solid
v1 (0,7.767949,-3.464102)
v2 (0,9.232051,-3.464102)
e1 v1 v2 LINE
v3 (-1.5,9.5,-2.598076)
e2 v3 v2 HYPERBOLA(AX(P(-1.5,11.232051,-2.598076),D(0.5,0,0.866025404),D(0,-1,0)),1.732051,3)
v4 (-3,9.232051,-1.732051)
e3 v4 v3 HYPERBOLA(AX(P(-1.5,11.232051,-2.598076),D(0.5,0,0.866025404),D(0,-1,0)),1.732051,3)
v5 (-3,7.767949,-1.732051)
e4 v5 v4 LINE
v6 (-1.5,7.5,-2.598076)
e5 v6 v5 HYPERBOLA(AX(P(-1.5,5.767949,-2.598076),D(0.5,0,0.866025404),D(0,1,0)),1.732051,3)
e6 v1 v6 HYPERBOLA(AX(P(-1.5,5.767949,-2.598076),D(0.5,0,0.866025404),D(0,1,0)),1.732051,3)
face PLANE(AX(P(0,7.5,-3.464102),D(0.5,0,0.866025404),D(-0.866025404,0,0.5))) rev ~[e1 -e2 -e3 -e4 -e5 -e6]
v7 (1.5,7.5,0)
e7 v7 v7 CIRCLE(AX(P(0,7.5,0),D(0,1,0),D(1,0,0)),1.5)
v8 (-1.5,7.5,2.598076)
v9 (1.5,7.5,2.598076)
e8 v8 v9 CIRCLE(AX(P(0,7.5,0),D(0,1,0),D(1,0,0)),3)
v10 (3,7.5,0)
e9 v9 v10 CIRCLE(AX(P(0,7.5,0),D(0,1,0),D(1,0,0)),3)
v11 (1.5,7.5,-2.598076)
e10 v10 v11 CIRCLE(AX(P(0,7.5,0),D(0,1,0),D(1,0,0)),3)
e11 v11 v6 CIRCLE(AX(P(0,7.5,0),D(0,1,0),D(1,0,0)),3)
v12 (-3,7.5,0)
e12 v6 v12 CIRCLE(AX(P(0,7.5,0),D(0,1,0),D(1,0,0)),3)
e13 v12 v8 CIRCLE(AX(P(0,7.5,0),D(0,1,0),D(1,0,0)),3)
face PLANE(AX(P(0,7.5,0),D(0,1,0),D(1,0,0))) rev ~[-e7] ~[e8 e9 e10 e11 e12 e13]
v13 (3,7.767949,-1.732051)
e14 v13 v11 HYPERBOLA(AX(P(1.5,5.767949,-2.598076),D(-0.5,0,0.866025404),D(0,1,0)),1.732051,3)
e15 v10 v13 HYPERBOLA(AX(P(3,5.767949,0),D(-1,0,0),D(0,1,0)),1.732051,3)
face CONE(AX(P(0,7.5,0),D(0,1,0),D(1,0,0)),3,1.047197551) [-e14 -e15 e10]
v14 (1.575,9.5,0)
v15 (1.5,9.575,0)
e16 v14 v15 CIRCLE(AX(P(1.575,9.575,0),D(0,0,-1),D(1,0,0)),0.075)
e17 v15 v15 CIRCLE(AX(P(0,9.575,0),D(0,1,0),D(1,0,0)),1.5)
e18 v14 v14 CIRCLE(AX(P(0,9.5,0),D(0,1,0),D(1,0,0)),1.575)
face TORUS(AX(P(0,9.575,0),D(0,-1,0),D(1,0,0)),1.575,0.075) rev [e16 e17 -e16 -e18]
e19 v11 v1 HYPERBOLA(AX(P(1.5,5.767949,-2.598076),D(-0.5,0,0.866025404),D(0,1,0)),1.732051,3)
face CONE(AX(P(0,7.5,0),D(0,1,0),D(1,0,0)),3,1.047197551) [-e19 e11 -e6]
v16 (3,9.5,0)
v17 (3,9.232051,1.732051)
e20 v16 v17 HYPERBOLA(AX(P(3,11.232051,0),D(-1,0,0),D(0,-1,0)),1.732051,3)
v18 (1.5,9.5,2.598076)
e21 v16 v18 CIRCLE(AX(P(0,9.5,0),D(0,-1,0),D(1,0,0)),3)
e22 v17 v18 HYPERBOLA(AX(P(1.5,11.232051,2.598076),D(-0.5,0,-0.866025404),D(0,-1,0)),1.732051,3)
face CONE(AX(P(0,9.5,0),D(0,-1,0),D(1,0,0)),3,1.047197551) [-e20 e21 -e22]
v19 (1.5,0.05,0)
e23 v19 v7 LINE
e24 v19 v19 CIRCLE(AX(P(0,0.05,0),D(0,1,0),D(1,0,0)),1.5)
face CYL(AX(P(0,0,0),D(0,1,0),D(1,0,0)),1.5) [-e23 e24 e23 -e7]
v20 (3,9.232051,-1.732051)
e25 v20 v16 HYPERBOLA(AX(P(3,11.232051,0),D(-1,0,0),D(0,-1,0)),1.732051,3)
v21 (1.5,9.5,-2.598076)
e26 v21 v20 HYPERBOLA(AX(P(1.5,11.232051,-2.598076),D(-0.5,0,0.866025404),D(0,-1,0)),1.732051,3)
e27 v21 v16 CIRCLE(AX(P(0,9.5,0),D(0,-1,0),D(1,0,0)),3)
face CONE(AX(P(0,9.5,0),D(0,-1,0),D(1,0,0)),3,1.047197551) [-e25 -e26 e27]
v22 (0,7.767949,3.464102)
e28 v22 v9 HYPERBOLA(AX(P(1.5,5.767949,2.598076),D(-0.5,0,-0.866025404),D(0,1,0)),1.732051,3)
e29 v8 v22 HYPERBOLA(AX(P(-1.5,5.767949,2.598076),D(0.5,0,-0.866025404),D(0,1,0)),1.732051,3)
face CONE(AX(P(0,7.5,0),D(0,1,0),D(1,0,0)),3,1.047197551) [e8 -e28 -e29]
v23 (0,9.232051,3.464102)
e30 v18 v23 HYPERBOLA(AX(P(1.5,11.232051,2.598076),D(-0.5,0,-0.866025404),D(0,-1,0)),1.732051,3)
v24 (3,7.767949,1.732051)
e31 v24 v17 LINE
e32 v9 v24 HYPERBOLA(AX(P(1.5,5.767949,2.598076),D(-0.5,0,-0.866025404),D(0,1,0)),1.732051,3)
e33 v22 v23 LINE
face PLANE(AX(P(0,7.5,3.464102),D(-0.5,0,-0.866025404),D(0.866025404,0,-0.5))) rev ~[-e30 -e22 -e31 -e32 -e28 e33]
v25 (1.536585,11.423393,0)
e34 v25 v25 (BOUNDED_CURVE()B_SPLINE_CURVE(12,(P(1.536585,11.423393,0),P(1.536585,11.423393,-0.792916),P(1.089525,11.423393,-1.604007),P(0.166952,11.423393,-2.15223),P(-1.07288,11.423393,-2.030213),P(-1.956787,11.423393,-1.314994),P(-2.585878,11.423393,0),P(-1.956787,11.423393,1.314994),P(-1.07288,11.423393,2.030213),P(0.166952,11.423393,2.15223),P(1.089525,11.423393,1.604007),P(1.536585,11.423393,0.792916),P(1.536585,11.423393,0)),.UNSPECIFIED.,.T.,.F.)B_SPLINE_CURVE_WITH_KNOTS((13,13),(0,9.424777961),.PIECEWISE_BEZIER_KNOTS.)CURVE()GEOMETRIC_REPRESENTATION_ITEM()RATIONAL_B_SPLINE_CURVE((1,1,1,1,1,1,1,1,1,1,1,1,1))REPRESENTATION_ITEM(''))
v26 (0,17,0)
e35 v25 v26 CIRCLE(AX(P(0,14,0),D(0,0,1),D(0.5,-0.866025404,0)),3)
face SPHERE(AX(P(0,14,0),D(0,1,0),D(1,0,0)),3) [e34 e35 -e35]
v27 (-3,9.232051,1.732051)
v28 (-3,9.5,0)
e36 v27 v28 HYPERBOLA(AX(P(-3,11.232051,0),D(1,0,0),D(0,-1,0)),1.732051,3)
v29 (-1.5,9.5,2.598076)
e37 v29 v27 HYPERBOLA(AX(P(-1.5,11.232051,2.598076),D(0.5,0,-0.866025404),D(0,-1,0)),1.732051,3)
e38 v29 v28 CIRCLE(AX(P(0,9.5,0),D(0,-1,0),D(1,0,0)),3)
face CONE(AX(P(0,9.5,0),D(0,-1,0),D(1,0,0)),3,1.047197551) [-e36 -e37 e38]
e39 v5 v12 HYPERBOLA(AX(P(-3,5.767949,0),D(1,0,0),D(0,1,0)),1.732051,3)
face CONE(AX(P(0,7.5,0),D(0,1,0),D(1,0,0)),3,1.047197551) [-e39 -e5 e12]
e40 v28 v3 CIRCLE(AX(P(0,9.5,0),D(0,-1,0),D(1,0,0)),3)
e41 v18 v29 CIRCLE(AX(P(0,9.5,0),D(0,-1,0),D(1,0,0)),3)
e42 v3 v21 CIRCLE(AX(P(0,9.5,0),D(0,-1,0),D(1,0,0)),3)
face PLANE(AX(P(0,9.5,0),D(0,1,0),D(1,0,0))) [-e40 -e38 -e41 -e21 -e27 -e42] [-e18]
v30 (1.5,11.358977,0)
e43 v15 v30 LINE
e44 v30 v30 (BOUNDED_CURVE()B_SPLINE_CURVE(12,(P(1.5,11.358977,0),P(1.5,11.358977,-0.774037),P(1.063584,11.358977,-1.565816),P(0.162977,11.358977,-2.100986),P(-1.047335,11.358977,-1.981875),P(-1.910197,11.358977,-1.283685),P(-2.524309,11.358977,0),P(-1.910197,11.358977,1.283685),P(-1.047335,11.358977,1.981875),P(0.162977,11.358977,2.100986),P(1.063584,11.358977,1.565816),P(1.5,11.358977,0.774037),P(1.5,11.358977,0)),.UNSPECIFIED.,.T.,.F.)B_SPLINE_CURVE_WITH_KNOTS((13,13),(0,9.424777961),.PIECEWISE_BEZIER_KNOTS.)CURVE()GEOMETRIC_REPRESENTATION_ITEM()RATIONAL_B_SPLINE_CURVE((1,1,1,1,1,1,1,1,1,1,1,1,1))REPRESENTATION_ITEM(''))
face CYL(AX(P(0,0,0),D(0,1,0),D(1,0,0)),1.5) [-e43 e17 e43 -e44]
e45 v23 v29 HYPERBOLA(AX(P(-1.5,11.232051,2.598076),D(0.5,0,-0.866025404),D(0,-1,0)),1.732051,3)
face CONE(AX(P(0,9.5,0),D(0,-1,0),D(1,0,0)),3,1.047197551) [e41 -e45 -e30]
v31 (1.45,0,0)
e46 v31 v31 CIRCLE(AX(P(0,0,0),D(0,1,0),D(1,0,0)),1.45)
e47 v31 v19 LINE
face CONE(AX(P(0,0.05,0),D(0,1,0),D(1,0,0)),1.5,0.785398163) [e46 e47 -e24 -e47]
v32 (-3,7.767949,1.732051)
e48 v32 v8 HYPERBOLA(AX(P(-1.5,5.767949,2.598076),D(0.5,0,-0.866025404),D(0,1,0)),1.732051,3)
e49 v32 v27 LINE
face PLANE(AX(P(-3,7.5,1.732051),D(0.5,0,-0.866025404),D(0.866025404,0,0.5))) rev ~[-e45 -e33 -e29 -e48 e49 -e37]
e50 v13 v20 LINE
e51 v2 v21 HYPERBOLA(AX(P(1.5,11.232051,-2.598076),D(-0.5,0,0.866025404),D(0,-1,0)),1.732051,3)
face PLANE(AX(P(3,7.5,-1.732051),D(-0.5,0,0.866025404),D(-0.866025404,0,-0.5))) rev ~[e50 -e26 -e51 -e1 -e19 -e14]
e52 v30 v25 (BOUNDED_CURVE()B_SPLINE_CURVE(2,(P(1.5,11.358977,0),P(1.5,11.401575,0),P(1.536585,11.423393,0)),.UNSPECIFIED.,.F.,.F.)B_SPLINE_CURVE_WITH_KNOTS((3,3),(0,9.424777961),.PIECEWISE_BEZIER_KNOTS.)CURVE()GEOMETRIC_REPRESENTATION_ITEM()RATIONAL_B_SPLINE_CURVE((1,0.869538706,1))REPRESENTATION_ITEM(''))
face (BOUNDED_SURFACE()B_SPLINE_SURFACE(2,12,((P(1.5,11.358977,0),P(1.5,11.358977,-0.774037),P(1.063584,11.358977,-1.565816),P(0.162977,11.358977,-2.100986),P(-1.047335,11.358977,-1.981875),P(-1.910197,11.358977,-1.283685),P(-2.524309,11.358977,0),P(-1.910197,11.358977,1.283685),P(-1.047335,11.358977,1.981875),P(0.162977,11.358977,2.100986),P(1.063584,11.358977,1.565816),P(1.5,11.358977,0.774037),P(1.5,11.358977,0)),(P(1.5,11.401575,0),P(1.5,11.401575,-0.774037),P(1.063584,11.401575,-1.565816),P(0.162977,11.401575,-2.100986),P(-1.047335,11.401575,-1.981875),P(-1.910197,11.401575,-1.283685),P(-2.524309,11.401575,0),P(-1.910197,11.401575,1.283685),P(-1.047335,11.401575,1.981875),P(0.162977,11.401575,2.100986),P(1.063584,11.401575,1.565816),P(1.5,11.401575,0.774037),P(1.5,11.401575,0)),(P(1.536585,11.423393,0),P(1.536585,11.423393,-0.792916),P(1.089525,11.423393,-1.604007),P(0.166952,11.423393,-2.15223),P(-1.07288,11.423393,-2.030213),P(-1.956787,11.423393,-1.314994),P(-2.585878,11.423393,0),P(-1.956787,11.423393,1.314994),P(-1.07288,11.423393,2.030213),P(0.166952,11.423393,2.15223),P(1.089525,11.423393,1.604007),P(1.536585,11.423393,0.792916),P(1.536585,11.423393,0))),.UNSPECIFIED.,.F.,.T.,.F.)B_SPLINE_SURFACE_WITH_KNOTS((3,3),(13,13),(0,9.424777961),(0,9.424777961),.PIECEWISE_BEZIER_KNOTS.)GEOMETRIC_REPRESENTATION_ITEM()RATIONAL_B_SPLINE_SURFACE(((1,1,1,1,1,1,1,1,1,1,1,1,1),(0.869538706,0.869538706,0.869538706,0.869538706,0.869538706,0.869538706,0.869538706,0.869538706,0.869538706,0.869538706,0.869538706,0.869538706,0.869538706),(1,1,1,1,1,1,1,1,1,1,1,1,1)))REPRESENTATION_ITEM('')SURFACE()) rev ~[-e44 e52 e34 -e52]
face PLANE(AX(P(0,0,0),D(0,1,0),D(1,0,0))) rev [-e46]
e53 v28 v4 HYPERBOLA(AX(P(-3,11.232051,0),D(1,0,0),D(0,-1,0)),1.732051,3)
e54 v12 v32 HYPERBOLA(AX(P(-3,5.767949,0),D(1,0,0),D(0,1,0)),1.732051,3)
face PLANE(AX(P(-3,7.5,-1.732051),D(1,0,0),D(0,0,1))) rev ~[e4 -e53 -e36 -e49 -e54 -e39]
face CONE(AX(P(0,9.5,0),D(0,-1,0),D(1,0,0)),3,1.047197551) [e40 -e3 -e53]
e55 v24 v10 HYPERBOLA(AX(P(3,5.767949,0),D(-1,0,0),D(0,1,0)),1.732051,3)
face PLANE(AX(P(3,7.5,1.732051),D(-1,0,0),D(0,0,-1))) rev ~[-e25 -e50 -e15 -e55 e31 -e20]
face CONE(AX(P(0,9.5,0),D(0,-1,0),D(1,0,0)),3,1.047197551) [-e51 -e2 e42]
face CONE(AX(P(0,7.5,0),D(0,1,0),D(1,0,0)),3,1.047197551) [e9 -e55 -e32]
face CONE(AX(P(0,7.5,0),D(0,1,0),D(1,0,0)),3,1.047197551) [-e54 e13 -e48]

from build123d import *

# Parameters (mm, degrees)
CHAMFER1_SIZE       = 0.05
SKETCH3_R           = 1.5
BOSS_EXTRUDE1_DEPTH = 2
SKETCH4_OUTSIDE_W   = 18.79
SKETCH4_OUTSIDE_H   = 19.718
SKETCH4_OUTSIDE_R   = 3
CUT_EXTRUDE1_DEPTH  = 2
CUT_EXTRUDE1_TAPER  = 60
SKETCH6_OUTSIDE_W   = 18.79
SKETCH6_OUTSIDE_H   = 19.718
SKETCH6_OUTSIDE_R   = 3
CUT_EXTRUDE2_DEPTH  = 2
CUT_EXTRUDE2_TAPER  = 60
FILLET1_R           = 0.075


with BuildPart() as part:
    # Sketch1 → Revolve1 (revolve)
    with BuildSketch(Plane.XY):
        with BuildLine():
            Line((0, 0), (1.5, 0))
            Line((1.5, 0), (1.5, 11.401923789))
            ThreePointArc((1.5, 11.401923789), (2.897777479, 14.776457135), (0, 17))
            Line((0, 17), (0, 11))
            Line((0, 11), (0, 0))
        make_face()
    revolve(axis=Axis((0, 11, 0), (0, 1, 0)))

    # Chamfer1
    chamfer1_edges = [part.edges().sort_by_distance(p)[0] for p in [
        (-1.5, 0, 0),
    ]]
    chamfer(chamfer1_edges, length=CHAMFER1_SIZE)

    # Sketch3 → Boss-Extrude1 (add)
    with BuildSketch(Plane(origin=(0, 7.5, 0), x_dir=(1, 0, 0), z_dir=(0, 1, 0))):
        Polygon((-3, -1.732050808), (0, -3.464101615), (3, -1.732050808), (3, 1.732050808), (0, 3.464101615), (-3, 1.732050808), align=None)
        Circle(SKETCH3_R, mode=Mode.SUBTRACT)
    extrude(amount=BOSS_EXTRUDE1_DEPTH)

    # Sketch4 outside → Cut-Extrude1 (cut)
    with BuildSketch(Plane.XZ.offset(-7.5)):
        Rectangle(SKETCH4_OUTSIDE_W, SKETCH4_OUTSIDE_H)
        Circle(SKETCH4_OUTSIDE_R, mode=Mode.SUBTRACT)
    extrude(amount=-CUT_EXTRUDE1_DEPTH, taper=CUT_EXTRUDE1_TAPER, mode=Mode.SUBTRACT)

    # Sketch6 outside → Cut-Extrude2 (cut)
    with BuildSketch(Plane(origin=(0, 9.5, 0), x_dir=(1, 0, 0), z_dir=(0, 1, 0))):
        Rectangle(SKETCH6_OUTSIDE_W, SKETCH6_OUTSIDE_H)
        Circle(SKETCH6_OUTSIDE_R, mode=Mode.SUBTRACT)
    extrude(amount=-CUT_EXTRUDE2_DEPTH, taper=CUT_EXTRUDE2_TAPER, mode=Mode.SUBTRACT)

    # Fillet1
    fillet1_edges = [part.edges().sort_by_distance(p)[0] for p in [
        (-1.5, 9.5, 0),
        (-1.5, 11.401923789, 0),
    ]]
    fillet(fillet1_edges, radius=FILLET1_R)


solid = part.part
